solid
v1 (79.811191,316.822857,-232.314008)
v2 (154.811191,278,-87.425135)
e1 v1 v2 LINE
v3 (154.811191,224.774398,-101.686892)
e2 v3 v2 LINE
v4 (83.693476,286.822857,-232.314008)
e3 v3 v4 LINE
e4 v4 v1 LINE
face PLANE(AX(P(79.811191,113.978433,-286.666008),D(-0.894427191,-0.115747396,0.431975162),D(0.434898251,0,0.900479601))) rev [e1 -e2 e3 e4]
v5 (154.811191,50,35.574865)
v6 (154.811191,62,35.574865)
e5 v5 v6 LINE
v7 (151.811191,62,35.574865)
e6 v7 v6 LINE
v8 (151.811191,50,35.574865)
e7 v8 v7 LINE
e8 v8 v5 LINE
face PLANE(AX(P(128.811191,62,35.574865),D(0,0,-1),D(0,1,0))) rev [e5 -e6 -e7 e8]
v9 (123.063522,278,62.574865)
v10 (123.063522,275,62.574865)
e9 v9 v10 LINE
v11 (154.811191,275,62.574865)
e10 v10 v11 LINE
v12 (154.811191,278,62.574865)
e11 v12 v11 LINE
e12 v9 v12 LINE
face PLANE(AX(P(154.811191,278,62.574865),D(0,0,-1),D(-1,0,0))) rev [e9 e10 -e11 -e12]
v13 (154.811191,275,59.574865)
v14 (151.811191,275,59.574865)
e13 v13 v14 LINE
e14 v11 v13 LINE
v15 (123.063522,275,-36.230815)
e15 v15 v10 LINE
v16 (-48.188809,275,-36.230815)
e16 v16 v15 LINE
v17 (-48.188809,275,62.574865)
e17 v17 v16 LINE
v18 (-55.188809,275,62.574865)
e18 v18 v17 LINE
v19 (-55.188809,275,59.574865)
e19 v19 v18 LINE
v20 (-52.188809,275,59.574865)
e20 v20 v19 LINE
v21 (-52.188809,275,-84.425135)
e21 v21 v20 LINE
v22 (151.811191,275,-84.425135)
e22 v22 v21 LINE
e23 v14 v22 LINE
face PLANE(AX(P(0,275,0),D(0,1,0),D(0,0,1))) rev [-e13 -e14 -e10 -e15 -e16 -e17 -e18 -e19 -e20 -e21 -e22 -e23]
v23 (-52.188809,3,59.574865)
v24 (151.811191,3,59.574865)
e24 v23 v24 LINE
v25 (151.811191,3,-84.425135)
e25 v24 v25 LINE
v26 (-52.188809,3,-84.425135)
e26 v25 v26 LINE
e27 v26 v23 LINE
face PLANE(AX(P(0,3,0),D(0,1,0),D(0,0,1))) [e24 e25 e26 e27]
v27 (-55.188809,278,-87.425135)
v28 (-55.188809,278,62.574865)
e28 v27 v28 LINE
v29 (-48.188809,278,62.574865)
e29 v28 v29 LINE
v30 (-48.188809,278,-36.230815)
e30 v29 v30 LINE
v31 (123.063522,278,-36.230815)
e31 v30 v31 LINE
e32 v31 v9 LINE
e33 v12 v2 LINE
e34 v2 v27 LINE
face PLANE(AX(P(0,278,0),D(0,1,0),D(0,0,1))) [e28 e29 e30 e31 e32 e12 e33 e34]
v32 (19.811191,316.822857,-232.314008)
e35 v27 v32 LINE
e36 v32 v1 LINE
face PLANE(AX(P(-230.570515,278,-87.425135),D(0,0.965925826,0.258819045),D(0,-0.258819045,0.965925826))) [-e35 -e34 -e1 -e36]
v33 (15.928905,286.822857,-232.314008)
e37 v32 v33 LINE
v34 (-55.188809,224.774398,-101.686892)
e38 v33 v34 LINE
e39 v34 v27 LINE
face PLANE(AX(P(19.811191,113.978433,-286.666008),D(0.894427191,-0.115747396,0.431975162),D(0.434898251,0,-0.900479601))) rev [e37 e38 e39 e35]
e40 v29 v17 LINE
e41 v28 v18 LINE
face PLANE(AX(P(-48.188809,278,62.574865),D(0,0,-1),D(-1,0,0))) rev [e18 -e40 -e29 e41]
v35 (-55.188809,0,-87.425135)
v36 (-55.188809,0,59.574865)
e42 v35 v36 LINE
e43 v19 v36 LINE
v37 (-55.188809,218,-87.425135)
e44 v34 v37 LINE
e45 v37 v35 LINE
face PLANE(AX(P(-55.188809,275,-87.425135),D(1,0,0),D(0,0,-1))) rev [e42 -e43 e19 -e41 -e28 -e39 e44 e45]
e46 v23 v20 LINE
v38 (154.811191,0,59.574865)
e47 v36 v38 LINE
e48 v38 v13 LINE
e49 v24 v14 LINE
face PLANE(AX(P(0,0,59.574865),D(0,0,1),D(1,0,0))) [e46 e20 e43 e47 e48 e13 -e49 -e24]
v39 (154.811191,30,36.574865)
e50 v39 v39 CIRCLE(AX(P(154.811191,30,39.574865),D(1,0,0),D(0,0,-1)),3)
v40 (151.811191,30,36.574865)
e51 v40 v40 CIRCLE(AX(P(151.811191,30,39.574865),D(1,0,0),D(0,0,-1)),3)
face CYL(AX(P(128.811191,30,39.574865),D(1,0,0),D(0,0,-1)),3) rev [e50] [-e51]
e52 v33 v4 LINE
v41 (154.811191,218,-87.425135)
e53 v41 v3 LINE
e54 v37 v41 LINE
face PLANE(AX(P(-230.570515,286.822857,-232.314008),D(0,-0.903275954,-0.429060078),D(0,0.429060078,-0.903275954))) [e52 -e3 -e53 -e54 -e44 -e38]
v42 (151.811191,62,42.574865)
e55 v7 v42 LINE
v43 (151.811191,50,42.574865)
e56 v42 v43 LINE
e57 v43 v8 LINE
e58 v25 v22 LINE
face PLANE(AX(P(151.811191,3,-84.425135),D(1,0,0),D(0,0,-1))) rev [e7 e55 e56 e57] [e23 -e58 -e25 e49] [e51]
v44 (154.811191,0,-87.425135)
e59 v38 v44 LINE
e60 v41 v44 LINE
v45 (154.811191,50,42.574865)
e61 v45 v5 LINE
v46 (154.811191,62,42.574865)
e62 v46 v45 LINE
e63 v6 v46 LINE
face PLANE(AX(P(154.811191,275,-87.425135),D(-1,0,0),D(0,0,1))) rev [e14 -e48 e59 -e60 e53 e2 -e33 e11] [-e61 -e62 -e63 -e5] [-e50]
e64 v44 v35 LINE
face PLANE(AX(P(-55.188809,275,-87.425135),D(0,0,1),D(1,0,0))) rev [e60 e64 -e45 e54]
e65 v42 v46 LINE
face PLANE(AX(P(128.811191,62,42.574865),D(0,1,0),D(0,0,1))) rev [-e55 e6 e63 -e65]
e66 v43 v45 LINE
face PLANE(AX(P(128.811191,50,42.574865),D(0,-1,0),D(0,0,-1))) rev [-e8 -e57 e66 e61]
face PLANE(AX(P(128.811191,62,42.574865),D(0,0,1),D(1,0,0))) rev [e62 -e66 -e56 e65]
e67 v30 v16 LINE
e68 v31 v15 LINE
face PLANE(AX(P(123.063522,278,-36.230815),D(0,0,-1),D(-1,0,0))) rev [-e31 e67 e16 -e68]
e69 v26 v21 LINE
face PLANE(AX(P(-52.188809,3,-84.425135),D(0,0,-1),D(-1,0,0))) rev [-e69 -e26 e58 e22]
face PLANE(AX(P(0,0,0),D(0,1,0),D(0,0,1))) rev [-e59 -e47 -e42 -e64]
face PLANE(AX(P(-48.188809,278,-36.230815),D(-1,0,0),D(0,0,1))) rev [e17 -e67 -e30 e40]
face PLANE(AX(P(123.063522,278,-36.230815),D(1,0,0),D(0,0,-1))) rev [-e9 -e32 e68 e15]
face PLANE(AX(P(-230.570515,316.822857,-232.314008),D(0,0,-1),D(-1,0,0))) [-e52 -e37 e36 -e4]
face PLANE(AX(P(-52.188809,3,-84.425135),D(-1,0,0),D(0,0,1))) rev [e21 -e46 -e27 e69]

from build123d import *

# Parameters (mm, degrees)
SKETCH2_W           = 210
SKETCH2_H           = 150
BOSS_EXTRUDE3_DEPTH = 275
SKETCH5_W           = 204
SKETCH5_H           = 144
CUT_EXTRUDE1_DEPTH  = 272
SKETCH6_W           = 210
SKETCH6_H           = 275
CUT_EXTRUDE2_DEPTH  = 3
BOSS_EXTRUDE4_DEPTH = 3
BOSS_EXTRUDE6_DEPTH = 210
CUT_EXTRUDE3_DEPTH  = 210
SKETCH12_R          = 3
SKETCH12_W          = 7
SKETCH12_H          = 12
CUT_EXTRUDE4_DEPTH  = 26


with BuildPart() as part:
    # Sketch2 → Boss-Extrude3 (new body)
    with BuildSketch(Plane(origin=(0, 0, 0), x_dir=(1, 0, 0), z_dir=(0, 1, 0))):
        with Locations((49.81119073, 12.425134533)):
            Rectangle(SKETCH2_W, SKETCH2_H)
    extrude(amount=BOSS_EXTRUDE3_DEPTH)

    # Sketch5 → Cut-Extrude1 (cut)
    with BuildSketch(Plane(origin=(0, 275, 0), x_dir=(1, 0, 0), z_dir=(0, 1, 0))):
        with Locations((49.81119073, 12.425134533)):
            Rectangle(SKETCH5_W, SKETCH5_H)
    extrude(amount=-CUT_EXTRUDE1_DEPTH, mode=Mode.SUBTRACT)

    # Sketch6 → Cut-Extrude2 (cut)
    with BuildSketch(Plane.XY.offset(62.574865467)):
        with Locations((49.81119073, 137.5)):
            Rectangle(SKETCH6_W, SKETCH6_H)
    extrude(amount=-CUT_EXTRUDE2_DEPTH, mode=Mode.SUBTRACT)

    # Sketch8 → Boss-Extrude4 (add)
    with BuildSketch(Plane(origin=(0, 275, 0), x_dir=(1, 0, 0), z_dir=(0, 1, 0))):
        Polygon((154.81119073, -62.574865467), (123.063521966, -62.574865467), (123.063521966, 36.23081547), (-48.18880927, 36.23081547), (-48.18880927, -62.574865467), (-55.18880927, -62.574865467), (-55.18880927, 87.425134533), (154.81119073, 87.425134533), align=None)
    extrude(amount=BOSS_EXTRUDE4_DEPTH)

    # Sketch10 → Boss-Extrude6 (add)
    with BuildSketch(Plane(origin=(154.81119073, 0, 0), x_dir=(0, 0, -1), z_dir=(1, 0, 0))):
        Polygon((87.425134533, 278), (232.314008477, 316.822856765), (232.314008477, 286.822856765), (87.425134533, 218), align=None)
    extrude(amount=-BOSS_EXTRUDE6_DEPTH)

    # Sketch11 → Cut-Extrude3 (cut)
    with BuildSketch(Plane(origin=(0, 237.521247493, 63.643626451), x_dir=(-1, 0, 0), z_dir=(0, 0.9659258262890681, 0.25881904510252135))):
        Polygon((-19.81119073, -306.397889851), (55.18880927, -156.397889851), (55.18880927, -306.397889851), align=None)
        Polygon((-79.81119073, -306.397889851), (-154.81119073, -156.397889851), (-154.81119073, -306.397889851), align=None)
    extrude(amount=-CUT_EXTRUDE3_DEPTH, mode=Mode.SUBTRACT)

    # Sketch12 → Cut-Extrude4 (cut)
    with BuildSketch(Plane(origin=(154.81119073, 0, 0), x_dir=(0, 0, -1), z_dir=(1, 0, 0))):
        with Locations((-39.574865467, 30)):
            Circle(SKETCH12_R)
        with Locations((-39.074865467, 56)):
            Rectangle(SKETCH12_W, SKETCH12_H)
    extrude(amount=-CUT_EXTRUDE4_DEPTH, mode=Mode.SUBTRACT)


solid = part.part
